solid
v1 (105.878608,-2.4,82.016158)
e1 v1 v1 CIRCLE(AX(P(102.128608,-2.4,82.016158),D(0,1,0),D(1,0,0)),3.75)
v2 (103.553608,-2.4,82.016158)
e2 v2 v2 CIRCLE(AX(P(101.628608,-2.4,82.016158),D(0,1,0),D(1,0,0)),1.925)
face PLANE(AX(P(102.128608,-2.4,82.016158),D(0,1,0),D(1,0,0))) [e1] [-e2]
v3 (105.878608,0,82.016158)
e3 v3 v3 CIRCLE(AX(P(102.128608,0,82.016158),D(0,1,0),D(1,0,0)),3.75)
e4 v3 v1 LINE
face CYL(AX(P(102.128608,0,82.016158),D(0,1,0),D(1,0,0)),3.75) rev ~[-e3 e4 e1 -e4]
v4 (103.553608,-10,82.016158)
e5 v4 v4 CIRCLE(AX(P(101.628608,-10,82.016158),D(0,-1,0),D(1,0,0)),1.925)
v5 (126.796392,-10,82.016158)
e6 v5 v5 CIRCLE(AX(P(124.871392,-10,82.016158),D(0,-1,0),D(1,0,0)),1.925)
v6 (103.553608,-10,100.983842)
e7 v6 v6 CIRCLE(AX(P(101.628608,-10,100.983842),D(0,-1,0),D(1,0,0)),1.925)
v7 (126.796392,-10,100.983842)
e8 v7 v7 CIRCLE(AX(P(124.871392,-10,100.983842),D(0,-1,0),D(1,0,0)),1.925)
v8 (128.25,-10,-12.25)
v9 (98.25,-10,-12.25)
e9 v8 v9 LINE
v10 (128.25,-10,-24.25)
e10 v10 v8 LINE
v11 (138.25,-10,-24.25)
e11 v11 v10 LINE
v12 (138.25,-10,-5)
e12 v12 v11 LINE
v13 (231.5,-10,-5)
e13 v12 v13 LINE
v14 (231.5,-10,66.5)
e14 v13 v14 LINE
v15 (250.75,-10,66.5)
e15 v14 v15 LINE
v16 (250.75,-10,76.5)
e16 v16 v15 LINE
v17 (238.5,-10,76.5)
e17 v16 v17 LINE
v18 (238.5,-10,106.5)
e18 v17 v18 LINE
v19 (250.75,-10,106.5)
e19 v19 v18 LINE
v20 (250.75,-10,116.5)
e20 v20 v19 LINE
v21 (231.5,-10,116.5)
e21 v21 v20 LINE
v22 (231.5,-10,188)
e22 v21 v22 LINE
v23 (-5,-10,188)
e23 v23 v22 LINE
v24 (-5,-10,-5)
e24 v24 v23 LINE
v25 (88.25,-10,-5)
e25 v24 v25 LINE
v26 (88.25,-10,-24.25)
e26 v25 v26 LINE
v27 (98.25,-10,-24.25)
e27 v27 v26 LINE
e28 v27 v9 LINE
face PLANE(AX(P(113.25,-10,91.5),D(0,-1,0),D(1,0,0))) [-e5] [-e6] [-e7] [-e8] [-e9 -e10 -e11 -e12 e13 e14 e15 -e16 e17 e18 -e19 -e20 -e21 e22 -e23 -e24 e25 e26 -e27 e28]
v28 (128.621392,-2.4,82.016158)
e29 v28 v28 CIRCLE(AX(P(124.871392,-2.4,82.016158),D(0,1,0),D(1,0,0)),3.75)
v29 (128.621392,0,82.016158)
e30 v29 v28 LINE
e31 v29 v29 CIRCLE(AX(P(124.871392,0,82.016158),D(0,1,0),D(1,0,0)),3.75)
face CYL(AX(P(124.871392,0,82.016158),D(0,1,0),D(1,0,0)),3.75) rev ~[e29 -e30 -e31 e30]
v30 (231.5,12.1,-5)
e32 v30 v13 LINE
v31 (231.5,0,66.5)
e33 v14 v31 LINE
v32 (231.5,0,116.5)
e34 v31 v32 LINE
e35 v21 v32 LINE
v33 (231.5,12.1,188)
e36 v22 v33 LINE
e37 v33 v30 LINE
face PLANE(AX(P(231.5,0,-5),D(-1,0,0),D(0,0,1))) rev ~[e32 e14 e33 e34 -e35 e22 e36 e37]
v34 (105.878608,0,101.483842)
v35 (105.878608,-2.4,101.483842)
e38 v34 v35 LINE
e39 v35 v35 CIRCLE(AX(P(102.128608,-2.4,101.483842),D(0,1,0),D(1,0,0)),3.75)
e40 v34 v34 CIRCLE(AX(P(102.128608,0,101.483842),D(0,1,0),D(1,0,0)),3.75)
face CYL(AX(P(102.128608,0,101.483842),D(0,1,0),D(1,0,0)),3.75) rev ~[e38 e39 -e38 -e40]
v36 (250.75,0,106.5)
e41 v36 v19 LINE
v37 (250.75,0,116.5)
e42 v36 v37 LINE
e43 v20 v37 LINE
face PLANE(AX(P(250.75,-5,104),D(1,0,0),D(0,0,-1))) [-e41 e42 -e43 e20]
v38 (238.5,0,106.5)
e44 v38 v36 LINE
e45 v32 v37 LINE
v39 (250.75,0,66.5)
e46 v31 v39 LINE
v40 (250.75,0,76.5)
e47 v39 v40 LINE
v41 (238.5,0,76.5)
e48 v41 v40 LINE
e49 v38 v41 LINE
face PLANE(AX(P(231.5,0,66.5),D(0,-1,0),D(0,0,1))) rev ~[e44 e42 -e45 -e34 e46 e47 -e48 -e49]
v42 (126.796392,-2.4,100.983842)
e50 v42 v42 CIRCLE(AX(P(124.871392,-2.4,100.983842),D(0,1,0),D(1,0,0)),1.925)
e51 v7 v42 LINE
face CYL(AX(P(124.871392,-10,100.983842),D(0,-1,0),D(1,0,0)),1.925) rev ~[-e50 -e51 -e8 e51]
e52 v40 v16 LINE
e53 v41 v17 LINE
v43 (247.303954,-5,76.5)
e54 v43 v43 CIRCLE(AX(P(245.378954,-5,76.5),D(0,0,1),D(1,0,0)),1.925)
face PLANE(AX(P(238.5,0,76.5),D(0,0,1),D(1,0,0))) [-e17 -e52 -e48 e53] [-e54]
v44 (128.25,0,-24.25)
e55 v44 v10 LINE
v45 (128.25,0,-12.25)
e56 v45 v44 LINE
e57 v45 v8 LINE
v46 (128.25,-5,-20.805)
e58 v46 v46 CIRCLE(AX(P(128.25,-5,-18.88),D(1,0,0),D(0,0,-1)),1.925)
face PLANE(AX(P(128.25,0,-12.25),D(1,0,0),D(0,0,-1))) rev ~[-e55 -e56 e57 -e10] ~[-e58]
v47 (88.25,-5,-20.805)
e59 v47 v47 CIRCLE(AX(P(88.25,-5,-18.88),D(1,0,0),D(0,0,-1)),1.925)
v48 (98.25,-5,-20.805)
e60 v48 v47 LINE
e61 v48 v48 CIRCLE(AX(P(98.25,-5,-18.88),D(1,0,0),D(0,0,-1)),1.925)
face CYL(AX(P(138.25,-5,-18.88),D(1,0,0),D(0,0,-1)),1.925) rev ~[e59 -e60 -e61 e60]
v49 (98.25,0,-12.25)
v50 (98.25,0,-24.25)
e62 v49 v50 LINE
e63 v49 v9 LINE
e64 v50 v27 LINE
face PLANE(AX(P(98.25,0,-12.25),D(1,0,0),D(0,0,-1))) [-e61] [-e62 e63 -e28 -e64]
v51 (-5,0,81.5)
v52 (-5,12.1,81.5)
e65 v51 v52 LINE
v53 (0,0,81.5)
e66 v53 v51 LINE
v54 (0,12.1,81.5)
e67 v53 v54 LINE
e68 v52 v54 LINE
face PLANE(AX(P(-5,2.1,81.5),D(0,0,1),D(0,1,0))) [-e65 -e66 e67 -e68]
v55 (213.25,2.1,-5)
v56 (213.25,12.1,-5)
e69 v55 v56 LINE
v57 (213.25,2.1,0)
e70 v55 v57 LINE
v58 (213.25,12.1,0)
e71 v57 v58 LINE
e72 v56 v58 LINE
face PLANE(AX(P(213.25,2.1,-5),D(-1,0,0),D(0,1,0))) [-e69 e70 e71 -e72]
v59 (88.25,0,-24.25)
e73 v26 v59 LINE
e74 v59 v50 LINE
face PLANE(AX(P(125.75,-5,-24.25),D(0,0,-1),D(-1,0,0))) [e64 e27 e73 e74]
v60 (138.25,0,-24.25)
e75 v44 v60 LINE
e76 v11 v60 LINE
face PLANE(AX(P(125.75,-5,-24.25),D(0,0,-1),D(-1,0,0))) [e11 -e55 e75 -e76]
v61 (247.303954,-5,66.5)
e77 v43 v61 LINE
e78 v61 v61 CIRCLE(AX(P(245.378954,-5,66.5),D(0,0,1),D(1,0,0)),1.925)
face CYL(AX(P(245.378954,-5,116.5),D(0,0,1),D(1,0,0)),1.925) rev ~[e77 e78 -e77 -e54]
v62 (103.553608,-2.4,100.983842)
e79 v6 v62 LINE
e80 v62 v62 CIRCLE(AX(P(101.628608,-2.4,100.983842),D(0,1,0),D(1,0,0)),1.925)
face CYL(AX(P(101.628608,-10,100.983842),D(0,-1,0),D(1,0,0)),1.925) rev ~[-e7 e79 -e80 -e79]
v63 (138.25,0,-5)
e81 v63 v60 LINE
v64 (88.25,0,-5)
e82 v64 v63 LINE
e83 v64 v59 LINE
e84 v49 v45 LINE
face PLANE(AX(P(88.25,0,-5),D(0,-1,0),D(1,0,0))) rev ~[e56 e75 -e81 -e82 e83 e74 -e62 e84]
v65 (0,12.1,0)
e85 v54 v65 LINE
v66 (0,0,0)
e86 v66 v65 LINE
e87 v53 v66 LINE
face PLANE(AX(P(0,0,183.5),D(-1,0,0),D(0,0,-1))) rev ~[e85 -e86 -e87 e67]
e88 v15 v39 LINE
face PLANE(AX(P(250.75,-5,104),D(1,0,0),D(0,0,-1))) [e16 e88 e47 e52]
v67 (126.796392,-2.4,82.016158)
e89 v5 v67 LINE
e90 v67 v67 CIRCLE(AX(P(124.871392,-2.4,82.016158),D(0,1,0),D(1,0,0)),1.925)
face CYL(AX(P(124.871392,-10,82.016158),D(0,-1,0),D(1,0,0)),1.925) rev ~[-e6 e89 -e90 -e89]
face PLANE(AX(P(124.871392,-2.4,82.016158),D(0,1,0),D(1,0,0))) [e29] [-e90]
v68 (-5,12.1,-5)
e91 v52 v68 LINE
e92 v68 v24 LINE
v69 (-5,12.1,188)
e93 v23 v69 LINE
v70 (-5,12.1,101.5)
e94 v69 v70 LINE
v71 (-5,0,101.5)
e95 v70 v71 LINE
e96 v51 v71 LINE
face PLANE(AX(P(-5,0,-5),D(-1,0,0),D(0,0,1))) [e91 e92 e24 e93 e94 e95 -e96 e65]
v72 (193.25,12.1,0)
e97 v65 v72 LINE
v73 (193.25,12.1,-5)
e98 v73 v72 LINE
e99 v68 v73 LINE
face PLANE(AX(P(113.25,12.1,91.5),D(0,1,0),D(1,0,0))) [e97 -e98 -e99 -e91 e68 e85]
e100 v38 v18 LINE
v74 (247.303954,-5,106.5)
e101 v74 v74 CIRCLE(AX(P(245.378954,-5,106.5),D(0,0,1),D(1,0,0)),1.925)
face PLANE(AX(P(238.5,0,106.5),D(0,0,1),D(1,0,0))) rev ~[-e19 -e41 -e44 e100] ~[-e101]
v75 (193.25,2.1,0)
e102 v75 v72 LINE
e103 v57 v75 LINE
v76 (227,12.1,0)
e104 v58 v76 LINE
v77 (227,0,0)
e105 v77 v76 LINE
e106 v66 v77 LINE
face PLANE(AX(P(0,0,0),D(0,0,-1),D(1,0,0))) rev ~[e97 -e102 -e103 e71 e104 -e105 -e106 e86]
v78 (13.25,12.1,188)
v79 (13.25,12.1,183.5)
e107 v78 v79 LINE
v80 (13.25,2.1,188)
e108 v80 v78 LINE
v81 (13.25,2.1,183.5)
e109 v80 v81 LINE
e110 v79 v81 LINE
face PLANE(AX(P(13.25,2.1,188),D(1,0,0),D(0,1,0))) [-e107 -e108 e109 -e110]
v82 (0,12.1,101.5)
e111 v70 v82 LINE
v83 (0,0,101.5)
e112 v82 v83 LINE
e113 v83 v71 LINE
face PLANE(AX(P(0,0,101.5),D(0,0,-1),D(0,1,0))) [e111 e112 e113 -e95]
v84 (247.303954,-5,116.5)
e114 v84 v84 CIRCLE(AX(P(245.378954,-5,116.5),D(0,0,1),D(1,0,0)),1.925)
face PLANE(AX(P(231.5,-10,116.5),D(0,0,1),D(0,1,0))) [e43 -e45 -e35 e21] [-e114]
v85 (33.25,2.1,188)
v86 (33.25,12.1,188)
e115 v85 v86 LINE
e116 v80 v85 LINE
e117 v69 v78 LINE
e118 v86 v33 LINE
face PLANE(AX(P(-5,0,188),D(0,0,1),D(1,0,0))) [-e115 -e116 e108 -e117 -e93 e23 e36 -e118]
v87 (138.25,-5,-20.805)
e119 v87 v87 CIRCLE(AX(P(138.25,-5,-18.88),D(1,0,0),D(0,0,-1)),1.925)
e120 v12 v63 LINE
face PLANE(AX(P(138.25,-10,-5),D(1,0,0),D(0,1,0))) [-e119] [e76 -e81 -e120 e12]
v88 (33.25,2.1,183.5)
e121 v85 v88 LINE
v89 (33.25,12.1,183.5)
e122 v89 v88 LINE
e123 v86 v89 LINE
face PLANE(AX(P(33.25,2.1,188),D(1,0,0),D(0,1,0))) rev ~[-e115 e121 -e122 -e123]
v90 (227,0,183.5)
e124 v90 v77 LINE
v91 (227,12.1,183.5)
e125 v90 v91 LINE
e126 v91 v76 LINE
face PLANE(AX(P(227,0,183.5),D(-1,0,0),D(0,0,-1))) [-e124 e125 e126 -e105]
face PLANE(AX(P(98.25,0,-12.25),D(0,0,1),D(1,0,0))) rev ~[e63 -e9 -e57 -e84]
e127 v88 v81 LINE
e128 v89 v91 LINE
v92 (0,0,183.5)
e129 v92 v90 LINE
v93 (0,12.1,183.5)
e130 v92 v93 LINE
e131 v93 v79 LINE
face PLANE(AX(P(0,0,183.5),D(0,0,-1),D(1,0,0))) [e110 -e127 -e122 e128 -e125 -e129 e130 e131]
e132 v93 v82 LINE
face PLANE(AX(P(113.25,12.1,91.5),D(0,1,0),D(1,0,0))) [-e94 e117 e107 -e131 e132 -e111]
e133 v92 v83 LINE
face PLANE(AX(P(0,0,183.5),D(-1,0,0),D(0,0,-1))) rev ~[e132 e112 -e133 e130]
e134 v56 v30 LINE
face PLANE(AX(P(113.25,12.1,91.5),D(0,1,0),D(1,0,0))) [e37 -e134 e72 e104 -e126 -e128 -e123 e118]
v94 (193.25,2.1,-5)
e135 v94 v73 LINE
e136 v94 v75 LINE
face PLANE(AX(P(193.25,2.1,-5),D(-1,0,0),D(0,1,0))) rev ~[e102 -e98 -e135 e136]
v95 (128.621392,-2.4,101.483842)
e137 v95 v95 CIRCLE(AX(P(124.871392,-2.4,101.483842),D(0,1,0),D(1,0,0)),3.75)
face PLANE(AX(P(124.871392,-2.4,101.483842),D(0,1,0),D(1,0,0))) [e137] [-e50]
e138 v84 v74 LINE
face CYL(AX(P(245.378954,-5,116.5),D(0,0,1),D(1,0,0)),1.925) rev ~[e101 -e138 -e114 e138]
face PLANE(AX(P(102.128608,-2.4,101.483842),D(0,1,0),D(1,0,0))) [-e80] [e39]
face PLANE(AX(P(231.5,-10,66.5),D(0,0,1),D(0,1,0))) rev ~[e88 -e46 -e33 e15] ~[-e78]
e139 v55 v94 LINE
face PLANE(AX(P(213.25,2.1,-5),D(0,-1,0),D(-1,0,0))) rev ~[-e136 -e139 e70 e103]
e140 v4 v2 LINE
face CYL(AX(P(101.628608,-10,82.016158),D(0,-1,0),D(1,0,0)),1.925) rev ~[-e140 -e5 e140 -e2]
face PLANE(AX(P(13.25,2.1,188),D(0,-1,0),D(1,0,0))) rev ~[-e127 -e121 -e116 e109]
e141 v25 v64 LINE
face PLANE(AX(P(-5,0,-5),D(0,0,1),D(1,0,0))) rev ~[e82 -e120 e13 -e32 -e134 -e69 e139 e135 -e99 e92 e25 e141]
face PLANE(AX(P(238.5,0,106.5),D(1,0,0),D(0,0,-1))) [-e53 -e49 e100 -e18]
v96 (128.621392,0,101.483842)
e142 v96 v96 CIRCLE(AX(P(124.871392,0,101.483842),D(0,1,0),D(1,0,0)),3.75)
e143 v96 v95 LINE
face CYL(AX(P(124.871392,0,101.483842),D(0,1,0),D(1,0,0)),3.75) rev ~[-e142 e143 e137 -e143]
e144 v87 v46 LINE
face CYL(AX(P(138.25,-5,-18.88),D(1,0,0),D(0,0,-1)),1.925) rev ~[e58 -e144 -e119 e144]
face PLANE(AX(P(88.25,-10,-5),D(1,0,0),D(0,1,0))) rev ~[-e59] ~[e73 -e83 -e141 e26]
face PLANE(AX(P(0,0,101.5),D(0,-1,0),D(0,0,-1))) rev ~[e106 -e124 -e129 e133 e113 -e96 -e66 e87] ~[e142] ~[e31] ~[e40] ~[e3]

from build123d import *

# Parameters (mm, degrees)
SKETCH2_W           = 236.5
SKETCH2_H           = 193
SKETCH2_W_2         = 227
SKETCH2_H_2         = 183.5
BOSS_EXTRUDE1_DEPTH = 12.1
SKETCH3_W           = 236.5
SKETCH3_H           = 193
BOSS_EXTRUDE2_DEPTH = 10
SKETCH4_W           = 10
SKETCH4_H           = 10
CUT_EXTRUDE1_DEPTH  = 5
SKETCH7_W           = 20
SKETCH7_H           = 10
CUT_EXTRUDE2_DEPTH  = 5
SKETCH8_W           = 20
SKETCH8_H           = 10
CUT_EXTRUDE3_DEPTH  = 5
SKETCH14_W          = 25
SKETCH14_H          = 10
BOSS_EXTRUDE6_DEPTH = 19.25
SKETCH18_W          = 12.25
SKETCH18_H          = 30
CUT_EXTRUDE7_DEPTH  = 11
SKETCH19_R          = 1.925
CUT_EXTRUDE8_DEPTH  = 122.5
SKETCH21_R          = 1.925
CUT_EXTRUDE9_DEPTH  = 23.1
SKETCH22_R          = 3.75
SKETCH22_R_2        = 1.925
CUT_EXTRUDE10_DEPTH = 2.4
SKETCH27_W          = 25
SKETCH27_H          = 10
BOSS_EXTRUDE7_DEPTH = 19.25
SKETCH28_W          = 30
SKETCH28_H          = 12
CUT_EXTRUDE11_DEPTH = 19.25
SKETCH31_R          = 1.925
CUT_EXTRUDE12_DEPTH = 144.25
SKETCH32_W          = 20
SKETCH32_H          = 12.1
CUT_EXTRUDE14_DEPTH = 6


with BuildPart() as part:
    # Sketch2 → Boss-Extrude1 (new body)
    with BuildSketch(Plane(origin=(0, 0, 0), x_dir=(1, 0, 0), z_dir=(0, 1, 0))):
        with Locations((113.25, -91.5)):
            Rectangle(SKETCH2_W, SKETCH2_H)
        with Locations((113.5, -91.75)):
            Rectangle(SKETCH2_W_2, SKETCH2_H_2, mode=Mode.SUBTRACT)
    extrude(amount=BOSS_EXTRUDE1_DEPTH)

    # Sketch3 → Boss-Extrude2 (add)
    with BuildSketch(Plane.XZ):
        with Locations((113.25, 91.5)):
            Rectangle(SKETCH3_W, SKETCH3_H)
    extrude(amount=BOSS_EXTRUDE2_DEPTH)

    # Sketch4 → Cut-Extrude1 (cut)
    with BuildSketch(Plane.ZY.offset(5)):
        with Locations((96.5, 7.1)):
            Rectangle(SKETCH4_W, SKETCH4_H)
        with Locations((86.5, 7.1)):
            Rectangle(SKETCH4_W, SKETCH4_H)
    extrude(amount=-CUT_EXTRUDE1_DEPTH, mode=Mode.SUBTRACT)

    # Sketch7 → Cut-Extrude2 (cut)
    with BuildSketch(Plane.XY.offset(188)):
        with Locations((23.25, 7.1)):
            Rectangle(SKETCH7_W, SKETCH7_H)
    extrude(amount=-CUT_EXTRUDE2_DEPTH, mode=Mode.SUBTRACT)

    # Sketch8 → Cut-Extrude3 (cut)
    with BuildSketch(Plane(origin=(0, 0, -5), x_dir=(-1, 0, 0), z_dir=(0, 0, -1))):
        with Locations((-203.25, 7.1)):
            Rectangle(SKETCH8_W, SKETCH8_H)
    extrude(amount=-CUT_EXTRUDE3_DEPTH, mode=Mode.SUBTRACT)

    # Sketch14 → Boss-Extrude6 (add)
    with BuildSketch(Plane(origin=(231.5, 0, 0), x_dir=(0, 0, -1), z_dir=(1, 0, 0))):
        with Locations((-104, -5)):
            Rectangle(SKETCH14_W, SKETCH14_H)
        with Locations((-79, -5)):
            Rectangle(SKETCH14_W, SKETCH14_H)
    extrude(amount=BOSS_EXTRUDE6_DEPTH)

    # Sketch18 → Cut-Extrude7 (cut, through all)
    with BuildSketch(Plane(origin=(0, 0, 0), x_dir=(1, 0, 0), z_dir=(0, 1, 0))):
        with Locations((244.625, -91.5)):
            Rectangle(SKETCH18_W, SKETCH18_H)
    extrude(amount=-CUT_EXTRUDE7_DEPTH, mode=Mode.SUBTRACT)

    # Sketch19 → Cut-Extrude8 (cut, through all)
    with BuildSketch(Plane.XY.offset(116.5)):
        with Locations((245.378954084, -5)):
            Circle(SKETCH19_R)
    extrude(amount=-CUT_EXTRUDE8_DEPTH, mode=Mode.SUBTRACT)

    # Sketch21 → Cut-Extrude9 (cut, through all)
    with BuildSketch(Plane.XZ.offset(10)):
        with Locations((124.871391666, 82.016158176)):
            Circle(SKETCH21_R)
        with Locations((124.871391666, 100.983841824)):
            Circle(SKETCH21_R)
        with Locations((101.628608334, 100.983841824)):
            Circle(SKETCH21_R)
        with Locations((101.628608334, 82.016158176)):
            Circle(SKETCH21_R)
    extrude(amount=-CUT_EXTRUDE9_DEPTH, mode=Mode.SUBTRACT)

    # Sketch22 → Cut-Extrude10 (cut)
    with BuildSketch(Plane(origin=(0, 0, 0), x_dir=(1, 0, 0), z_dir=(0, 1, 0))):
        with Locations((102.128608334, -82.016158176)):
            Circle(SKETCH22_R)
        with Locations((101.628608334, -82.016158176)):
            Circle(SKETCH22_R_2, mode=Mode.SUBTRACT)
        with Locations((124.871391666, -82.016158176)):
            Circle(SKETCH22_R)
        with Locations((124.871391666, -82.016158176)):
            Circle(SKETCH22_R_2, mode=Mode.SUBTRACT)
        with Locations((124.871391666, -101.483841824)):
            Circle(SKETCH22_R)
        with Locations((124.871391666, -100.983841824)):
            Circle(SKETCH22_R_2, mode=Mode.SUBTRACT)
        with Locations((102.128608334, -101.483841824)):
            Circle(SKETCH22_R)
        with Locations((101.628608334, -100.983841824)):
            Circle(SKETCH22_R_2, mode=Mode.SUBTRACT)
    extrude(amount=-CUT_EXTRUDE10_DEPTH, mode=Mode.SUBTRACT)

    # Sketch27 → Boss-Extrude7 (add)
    with BuildSketch(Plane(origin=(0, 0, -5), x_dir=(-1, 0, 0), z_dir=(0, 0, -1))):
        with Locations((-125.75, -5)):
            Rectangle(SKETCH27_W, SKETCH27_H)
        with Locations((-100.75, -5)):
            Rectangle(SKETCH27_W, SKETCH27_H)
    extrude(amount=BOSS_EXTRUDE7_DEPTH)

    # Sketch28 → Cut-Extrude11 (cut)
    with BuildSketch(Plane(origin=(0, 0, 0), x_dir=(1, 0, 0), z_dir=(0, 1, 0))):
        with Locations((113.25, 18.25)):
            Rectangle(SKETCH28_W, SKETCH28_H)
    extrude(amount=-CUT_EXTRUDE11_DEPTH, mode=Mode.SUBTRACT)

    # Sketch31 → Cut-Extrude12 (cut, through all)
    with BuildSketch(Plane(origin=(138.25, 0, 0), x_dir=(0, 0, -1), z_dir=(1, 0, 0))):
        with Locations((18.88, -5)):
            Circle(SKETCH31_R)
    extrude(amount=-CUT_EXTRUDE12_DEPTH, mode=Mode.SUBTRACT)

    # Sketch32 → Cut-Extrude14 (cut, through all)
    with BuildSketch(Plane(origin=(0, 0, 0), x_dir=(0, 0, -1), z_dir=(1, 0, 0))):
        with Locations((-91.5, 6.05)):
            Rectangle(SKETCH32_W, SKETCH32_H)
    extrude(amount=-CUT_EXTRUDE14_DEPTH, mode=Mode.SUBTRACT)


solid = part.part
